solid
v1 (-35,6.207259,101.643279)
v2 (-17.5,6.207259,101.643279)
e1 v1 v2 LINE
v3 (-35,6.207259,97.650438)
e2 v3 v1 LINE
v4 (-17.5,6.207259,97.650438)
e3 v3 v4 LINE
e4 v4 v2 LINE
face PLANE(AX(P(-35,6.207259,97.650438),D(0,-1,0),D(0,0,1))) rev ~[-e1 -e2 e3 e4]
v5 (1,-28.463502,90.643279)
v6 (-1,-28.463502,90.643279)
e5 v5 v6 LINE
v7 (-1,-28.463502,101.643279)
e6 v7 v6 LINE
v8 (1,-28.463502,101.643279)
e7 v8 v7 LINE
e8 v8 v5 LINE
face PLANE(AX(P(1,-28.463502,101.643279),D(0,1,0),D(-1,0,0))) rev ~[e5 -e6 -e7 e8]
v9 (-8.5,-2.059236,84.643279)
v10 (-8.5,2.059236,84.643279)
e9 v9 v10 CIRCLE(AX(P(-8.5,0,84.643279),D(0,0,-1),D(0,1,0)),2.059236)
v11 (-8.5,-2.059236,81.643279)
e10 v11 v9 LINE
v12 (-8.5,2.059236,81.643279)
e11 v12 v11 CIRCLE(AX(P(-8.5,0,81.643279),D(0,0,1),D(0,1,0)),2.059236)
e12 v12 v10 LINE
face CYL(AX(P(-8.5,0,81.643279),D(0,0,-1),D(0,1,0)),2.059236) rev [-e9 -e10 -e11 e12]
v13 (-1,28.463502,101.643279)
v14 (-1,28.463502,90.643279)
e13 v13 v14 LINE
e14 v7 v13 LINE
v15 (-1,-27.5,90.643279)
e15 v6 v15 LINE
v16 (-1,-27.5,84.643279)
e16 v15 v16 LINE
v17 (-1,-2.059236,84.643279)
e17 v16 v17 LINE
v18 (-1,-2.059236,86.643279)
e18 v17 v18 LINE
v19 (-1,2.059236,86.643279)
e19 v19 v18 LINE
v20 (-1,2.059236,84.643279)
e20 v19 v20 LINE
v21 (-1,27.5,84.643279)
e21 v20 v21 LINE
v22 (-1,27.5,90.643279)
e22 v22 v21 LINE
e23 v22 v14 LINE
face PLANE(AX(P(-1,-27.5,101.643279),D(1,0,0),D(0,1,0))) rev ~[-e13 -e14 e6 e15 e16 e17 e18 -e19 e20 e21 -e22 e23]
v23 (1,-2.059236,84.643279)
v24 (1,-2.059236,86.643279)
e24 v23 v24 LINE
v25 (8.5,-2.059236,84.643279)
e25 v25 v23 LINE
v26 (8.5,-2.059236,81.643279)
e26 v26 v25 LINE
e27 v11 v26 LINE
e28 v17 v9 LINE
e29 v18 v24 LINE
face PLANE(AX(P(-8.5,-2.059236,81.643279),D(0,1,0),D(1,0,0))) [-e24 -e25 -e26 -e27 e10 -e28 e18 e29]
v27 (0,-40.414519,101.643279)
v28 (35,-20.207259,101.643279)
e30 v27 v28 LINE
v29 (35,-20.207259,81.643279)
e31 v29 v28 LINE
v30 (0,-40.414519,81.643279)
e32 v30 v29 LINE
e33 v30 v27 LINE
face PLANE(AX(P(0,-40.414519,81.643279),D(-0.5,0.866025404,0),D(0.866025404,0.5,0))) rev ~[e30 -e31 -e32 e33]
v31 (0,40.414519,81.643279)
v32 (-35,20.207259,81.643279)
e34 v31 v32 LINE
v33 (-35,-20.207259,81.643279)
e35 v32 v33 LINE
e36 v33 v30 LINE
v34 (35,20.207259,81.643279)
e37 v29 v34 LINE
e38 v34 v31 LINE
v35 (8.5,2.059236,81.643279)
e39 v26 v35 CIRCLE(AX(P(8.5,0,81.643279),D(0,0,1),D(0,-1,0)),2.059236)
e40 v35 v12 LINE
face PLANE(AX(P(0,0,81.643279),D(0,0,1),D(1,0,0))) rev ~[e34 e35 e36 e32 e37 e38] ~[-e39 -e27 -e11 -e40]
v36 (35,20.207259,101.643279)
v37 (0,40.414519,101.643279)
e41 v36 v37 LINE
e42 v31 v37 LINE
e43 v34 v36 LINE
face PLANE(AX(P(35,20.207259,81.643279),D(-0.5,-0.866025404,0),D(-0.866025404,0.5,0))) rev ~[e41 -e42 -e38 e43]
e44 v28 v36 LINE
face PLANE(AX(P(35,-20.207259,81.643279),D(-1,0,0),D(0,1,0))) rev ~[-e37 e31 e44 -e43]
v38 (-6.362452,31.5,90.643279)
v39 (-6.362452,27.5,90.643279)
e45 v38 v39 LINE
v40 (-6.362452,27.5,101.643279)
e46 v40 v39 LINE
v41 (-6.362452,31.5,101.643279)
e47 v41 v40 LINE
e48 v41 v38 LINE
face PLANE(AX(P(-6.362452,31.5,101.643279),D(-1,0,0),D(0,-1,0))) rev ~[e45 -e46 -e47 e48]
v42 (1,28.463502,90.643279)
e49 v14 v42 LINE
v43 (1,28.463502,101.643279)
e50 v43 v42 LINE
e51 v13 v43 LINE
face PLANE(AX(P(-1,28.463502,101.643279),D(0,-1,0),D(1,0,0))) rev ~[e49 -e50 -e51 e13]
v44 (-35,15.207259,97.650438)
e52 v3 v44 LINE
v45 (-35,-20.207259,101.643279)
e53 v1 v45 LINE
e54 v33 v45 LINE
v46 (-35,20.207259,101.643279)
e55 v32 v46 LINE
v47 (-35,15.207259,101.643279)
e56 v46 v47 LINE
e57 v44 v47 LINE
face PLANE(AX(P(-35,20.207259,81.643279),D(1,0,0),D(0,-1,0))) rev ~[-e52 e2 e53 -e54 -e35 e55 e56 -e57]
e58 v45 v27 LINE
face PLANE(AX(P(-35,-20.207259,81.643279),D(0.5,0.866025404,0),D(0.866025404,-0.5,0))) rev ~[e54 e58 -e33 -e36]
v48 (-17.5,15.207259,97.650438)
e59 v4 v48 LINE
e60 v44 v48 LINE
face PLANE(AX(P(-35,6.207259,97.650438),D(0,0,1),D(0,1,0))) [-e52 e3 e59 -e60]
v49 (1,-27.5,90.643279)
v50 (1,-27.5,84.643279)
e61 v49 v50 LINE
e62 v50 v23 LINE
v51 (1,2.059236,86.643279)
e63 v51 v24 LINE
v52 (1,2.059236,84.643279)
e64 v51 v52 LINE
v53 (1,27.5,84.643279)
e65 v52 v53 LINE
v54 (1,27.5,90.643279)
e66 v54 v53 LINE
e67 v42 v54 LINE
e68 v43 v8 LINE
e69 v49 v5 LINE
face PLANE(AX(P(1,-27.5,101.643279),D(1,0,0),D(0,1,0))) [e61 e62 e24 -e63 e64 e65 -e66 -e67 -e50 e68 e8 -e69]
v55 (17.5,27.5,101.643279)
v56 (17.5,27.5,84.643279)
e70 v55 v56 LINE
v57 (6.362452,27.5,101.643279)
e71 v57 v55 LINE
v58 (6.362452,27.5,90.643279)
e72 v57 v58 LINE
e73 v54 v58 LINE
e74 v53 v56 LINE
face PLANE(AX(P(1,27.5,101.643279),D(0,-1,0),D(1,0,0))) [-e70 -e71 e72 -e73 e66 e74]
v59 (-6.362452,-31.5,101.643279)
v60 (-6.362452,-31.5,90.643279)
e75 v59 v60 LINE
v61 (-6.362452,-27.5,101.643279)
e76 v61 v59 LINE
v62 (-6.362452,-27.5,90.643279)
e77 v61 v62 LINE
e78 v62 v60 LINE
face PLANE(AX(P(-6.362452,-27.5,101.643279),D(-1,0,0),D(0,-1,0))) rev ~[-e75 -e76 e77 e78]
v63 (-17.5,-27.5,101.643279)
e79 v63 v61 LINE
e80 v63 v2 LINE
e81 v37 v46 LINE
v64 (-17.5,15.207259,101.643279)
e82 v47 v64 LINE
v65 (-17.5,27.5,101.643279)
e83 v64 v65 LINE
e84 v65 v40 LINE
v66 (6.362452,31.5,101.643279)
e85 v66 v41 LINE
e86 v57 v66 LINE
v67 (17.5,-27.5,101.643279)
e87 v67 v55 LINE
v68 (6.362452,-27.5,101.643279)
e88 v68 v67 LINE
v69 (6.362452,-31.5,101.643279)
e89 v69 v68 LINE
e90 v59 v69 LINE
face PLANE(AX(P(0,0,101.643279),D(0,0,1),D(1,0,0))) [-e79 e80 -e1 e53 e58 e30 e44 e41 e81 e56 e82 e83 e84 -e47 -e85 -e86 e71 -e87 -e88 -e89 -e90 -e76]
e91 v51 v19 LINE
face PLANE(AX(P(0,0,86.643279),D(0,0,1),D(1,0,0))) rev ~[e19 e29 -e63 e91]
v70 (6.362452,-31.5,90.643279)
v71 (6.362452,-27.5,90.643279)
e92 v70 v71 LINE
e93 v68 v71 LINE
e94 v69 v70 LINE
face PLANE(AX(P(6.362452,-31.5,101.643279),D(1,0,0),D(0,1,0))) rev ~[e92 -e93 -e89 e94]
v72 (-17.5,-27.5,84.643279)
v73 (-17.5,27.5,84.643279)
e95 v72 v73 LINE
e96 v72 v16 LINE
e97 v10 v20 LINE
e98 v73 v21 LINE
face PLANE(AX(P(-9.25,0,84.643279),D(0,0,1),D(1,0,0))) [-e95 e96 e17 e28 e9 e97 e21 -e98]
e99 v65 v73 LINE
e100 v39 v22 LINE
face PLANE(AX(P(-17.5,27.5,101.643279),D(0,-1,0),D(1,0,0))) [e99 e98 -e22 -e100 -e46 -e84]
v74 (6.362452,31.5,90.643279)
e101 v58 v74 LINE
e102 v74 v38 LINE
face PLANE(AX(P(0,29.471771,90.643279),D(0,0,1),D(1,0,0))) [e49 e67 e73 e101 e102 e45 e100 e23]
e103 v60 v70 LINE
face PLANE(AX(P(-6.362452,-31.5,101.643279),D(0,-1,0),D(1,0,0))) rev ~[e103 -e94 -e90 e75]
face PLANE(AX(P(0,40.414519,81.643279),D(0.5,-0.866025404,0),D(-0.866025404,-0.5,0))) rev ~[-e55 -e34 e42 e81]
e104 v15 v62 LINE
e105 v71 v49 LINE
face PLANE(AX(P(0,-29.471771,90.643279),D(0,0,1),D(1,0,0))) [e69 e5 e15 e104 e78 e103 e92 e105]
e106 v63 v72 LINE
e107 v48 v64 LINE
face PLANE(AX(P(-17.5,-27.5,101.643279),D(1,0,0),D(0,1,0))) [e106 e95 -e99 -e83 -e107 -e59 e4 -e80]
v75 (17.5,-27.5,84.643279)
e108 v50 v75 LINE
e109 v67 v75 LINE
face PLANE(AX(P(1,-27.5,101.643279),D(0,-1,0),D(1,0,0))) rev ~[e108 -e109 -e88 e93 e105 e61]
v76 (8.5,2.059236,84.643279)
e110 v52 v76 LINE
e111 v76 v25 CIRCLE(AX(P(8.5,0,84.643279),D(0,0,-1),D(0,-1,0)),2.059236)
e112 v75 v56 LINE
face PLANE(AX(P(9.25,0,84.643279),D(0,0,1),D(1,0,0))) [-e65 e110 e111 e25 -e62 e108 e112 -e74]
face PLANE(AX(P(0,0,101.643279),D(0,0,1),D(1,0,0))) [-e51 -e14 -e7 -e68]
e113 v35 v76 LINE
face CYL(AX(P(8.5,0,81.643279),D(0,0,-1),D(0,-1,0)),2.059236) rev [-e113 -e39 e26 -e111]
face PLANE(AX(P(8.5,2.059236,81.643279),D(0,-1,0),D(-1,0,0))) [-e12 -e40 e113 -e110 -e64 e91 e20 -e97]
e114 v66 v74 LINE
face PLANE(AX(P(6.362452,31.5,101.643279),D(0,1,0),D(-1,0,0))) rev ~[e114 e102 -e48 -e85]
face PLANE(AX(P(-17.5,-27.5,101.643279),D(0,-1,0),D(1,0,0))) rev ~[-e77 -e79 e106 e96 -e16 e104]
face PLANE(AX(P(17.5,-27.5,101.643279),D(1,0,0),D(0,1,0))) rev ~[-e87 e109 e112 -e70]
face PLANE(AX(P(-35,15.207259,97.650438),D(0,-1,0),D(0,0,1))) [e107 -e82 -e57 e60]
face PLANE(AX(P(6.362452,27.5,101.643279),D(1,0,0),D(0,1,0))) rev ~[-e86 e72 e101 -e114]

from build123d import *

# Parameters (mm, degrees)
BOSS_EXTRUDE1_DEPTH = 200
SKETCH2_W           = 165
SKETCH2_H           = 550
CUT_EXTRUDE1_DEPTH  = 170
CUT_EXTRUDE2_DEPTH  = 50
CUT_EXTRUDE5_DEPTH  = 110
SCALE1_SCALE        = 0.1
SKETCH7_W           = 4
SKETCH7_H           = 9
CUT_EXTRUDE6_DEPTH  = 17.5


with BuildPart() as part:
    # Sketch1 → Boss-Extrude1 (new body)
    with BuildSketch(Plane.XY):
        Polygon((0, 404.145188433), (-350, 202.072594216), (-350, -202.072594216), (0, -404.145188433), (350, -202.072594216), (350, 202.072594216), align=None)
    extrude(amount=BOSS_EXTRUDE1_DEPTH)

    # Sketch2 → Cut-Extrude1 (cut)
    with BuildSketch(Plane.XY.offset(200)):
        with Locations((-92.5, 0)):
            Rectangle(SKETCH2_W, SKETCH2_H)
        with Locations((92.5, 0)):
            Rectangle(SKETCH2_W, SKETCH2_H)
    extrude(amount=-CUT_EXTRUDE1_DEPTH, mode=Mode.SUBTRACT)

    # Sketch4 → Cut-Extrude2 (cut)
    with BuildSketch(Plane(origin=(0, 0, 0), x_dir=(-1, 0, 0), z_dir=(0, 0, -1))):
        with BuildLine():
            Line((-85, 20.592361582), (85, 20.592361582))
            ThreePointArc((85, 20.592361582), (105.592361582, 0), (85, -20.592361582))
            Line((85, -20.592361582), (-85, -20.592361582))
            ThreePointArc((-85, -20.592361582), (-105.592361582, 0), (-85, 20.592361582))
        make_face()
    extrude(amount=-CUT_EXTRUDE2_DEPTH, mode=Mode.SUBTRACT)

    # Sketch6 → Cut-Extrude5 (cut)
    with BuildSketch(Plane.XY.offset(200)):
        Polygon((-10, 275), (-10, 284.635017666), (10, 284.635017666), (10, 275), (63.624515443, 275), (63.624515443, 315), (-63.624515443, 315), (-63.624515443, 275), align=None)
        Polygon((-10, -275), (-63.624515443, -275), (-63.624515443, -315), (63.624515443, -315), (63.624515443, -275), (10, -275), (10, -284.635017666), (-10, -284.635017666), align=None)
    extrude(amount=-CUT_EXTRUDE5_DEPTH, mode=Mode.SUBTRACT)


with BuildPart() as part_1:
    # Scale1: scaled about (0, 0, 90.714754865)
    add(part.part.scale(SCALE1_SCALE).moved(Location((0, 0, 81.643279379))))

    # Sketch7 → Cut-Extrude6 (cut)
    with BuildSketch(Plane.ZY.offset(35)):
        with Locations((99.650437811, 10.707259422)):
            Rectangle(SKETCH7_W, SKETCH7_H)
    extrude(amount=-CUT_EXTRUDE6_DEPTH, mode=Mode.SUBTRACT)


solid = part_1.part
